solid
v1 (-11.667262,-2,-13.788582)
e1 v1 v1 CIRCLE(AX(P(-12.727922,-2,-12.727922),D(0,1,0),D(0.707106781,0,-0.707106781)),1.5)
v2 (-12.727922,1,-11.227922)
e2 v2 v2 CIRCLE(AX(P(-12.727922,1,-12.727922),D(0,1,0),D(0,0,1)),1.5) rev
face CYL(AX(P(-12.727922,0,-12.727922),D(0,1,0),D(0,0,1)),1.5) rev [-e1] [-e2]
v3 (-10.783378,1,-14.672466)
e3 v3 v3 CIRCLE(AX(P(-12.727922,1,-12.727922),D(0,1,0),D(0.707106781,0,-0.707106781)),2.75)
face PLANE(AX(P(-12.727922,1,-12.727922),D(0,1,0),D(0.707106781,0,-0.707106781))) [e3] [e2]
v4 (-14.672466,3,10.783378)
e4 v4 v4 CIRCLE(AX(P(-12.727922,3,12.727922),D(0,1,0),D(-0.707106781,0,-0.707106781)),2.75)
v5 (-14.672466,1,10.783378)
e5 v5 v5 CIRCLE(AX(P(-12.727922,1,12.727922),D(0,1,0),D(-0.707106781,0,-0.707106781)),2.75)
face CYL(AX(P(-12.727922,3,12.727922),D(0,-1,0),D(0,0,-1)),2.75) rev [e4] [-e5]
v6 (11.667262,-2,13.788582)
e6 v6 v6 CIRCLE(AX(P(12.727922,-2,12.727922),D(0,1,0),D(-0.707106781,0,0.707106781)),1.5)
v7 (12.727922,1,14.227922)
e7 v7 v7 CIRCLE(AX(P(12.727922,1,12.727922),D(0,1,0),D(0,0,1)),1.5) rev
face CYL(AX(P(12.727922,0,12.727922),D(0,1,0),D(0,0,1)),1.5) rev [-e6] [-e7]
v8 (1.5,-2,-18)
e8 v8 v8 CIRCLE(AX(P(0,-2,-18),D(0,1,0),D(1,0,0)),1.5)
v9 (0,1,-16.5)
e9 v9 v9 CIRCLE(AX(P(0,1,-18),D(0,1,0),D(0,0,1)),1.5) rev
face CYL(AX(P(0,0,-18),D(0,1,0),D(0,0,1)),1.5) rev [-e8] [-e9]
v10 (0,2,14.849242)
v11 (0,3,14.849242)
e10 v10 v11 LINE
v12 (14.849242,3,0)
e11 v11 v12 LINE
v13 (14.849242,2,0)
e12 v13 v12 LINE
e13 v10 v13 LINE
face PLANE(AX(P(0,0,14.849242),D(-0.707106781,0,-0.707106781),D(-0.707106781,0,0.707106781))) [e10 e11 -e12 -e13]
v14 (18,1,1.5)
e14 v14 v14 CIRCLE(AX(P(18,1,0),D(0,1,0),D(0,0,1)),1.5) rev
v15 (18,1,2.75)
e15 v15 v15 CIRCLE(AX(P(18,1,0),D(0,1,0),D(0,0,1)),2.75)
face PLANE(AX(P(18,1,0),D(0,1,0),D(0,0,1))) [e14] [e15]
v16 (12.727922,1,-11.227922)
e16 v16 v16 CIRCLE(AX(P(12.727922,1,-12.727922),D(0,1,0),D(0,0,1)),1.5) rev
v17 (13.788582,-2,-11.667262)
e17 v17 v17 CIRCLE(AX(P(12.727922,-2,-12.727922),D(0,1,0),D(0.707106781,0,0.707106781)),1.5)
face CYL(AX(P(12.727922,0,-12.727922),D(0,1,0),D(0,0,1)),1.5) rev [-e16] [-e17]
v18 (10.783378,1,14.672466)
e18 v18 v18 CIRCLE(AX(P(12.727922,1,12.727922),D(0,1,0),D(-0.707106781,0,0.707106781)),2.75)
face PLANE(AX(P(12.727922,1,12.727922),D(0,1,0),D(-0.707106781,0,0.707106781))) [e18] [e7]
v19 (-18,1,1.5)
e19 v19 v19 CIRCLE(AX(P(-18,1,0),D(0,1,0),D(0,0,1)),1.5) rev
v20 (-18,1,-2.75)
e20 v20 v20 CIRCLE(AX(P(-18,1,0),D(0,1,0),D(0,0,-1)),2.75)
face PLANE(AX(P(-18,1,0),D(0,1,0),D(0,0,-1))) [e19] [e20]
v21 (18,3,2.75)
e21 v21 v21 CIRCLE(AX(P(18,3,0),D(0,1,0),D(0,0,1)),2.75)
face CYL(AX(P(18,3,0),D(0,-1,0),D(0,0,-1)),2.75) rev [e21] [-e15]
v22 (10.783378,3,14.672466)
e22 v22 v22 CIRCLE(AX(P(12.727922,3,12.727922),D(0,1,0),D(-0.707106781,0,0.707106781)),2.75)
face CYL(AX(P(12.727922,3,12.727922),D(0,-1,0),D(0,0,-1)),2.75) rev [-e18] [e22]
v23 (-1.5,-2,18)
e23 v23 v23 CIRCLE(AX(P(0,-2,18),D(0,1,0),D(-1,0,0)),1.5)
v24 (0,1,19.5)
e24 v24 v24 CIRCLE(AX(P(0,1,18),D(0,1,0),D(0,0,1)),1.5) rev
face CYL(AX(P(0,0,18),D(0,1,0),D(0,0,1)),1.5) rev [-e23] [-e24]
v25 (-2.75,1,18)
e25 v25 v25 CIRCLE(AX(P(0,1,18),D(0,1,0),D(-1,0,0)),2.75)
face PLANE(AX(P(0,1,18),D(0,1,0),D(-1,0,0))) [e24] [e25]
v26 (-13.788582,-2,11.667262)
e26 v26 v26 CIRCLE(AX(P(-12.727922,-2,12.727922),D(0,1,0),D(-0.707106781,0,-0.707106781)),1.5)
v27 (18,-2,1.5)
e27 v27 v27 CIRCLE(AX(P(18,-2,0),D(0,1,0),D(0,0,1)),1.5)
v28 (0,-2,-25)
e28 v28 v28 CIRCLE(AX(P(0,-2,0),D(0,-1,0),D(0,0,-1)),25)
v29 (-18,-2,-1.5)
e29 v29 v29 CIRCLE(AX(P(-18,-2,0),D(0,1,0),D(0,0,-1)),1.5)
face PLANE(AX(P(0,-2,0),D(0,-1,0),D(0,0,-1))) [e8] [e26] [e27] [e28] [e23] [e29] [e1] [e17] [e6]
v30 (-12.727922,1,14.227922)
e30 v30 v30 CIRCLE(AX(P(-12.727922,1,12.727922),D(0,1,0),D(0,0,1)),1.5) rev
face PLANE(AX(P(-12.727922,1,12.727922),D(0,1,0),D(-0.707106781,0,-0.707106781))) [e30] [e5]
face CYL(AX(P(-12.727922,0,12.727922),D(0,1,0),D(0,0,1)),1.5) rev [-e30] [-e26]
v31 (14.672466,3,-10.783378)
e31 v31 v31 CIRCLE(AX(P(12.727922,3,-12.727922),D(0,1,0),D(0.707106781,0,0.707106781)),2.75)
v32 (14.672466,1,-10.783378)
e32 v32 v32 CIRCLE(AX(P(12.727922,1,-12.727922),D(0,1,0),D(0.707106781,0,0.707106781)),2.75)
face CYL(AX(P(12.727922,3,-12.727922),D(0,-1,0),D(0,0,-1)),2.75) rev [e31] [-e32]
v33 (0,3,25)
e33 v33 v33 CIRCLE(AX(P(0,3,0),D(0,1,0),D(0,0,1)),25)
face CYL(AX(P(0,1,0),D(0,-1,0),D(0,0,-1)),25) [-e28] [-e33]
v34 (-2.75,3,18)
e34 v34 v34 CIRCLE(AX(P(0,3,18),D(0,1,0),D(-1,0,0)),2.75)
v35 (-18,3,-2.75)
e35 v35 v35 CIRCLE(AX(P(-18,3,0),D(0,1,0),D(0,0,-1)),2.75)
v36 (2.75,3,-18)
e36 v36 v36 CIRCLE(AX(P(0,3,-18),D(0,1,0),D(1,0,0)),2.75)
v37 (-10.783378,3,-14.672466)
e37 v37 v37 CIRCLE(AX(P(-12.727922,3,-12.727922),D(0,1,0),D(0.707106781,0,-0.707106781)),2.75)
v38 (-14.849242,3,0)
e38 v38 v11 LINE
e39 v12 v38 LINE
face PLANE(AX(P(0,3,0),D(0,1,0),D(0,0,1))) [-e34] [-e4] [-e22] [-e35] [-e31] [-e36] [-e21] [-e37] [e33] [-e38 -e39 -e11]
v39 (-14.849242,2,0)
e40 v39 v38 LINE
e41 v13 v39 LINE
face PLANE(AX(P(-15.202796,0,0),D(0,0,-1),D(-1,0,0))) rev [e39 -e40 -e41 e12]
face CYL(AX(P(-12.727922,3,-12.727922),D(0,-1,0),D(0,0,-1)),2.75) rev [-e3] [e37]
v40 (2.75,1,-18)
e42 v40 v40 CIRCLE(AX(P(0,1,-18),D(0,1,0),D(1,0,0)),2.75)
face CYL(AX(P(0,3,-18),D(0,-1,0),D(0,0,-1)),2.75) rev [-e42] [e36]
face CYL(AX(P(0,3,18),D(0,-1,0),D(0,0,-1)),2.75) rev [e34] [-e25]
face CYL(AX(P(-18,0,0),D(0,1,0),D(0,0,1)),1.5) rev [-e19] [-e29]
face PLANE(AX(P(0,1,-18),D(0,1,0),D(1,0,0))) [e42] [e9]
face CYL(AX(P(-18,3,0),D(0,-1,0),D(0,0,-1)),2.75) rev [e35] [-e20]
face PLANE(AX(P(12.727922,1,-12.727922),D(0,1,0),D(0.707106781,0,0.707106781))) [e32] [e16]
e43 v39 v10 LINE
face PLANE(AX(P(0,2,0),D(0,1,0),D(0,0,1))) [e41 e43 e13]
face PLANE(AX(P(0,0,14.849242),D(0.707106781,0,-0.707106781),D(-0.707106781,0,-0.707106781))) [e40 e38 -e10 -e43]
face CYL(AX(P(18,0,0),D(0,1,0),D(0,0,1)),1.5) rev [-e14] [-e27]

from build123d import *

# Parameters (mm, degrees)
SKETCH_1_R               = 25
EXTRUDE_2_DEPTH          = 1
SKETCH_2_R               = 1.5
CUT_EXTRUDE_1_DEPTH      = 1
PATTERN_CIRCULAR_1_COUNT = 8
CUT_EXTRUDE_2_DEPTH      = 1
EXTRUDE_3_DEPTH          = 1
SKETCH_5_R               = 25
EXTRUDE_5_DEPTH          = 2
SKETCH_6_R               = 1.5
CUT_EXTRUDE_3_DEPTH      = 2
PATTERN_CIRCULAR_2_COUNT = 8
SKETCH_7_R               = 25
EXTRUDE_6_DEPTH          = 2
SKETCH_8_R               = 2.75
CUT_EXTRUDE_4_DEPTH      = 2
PATTERN_CIRCULAR_3_COUNT = 8
EXTRUDE_8_DEPTH          = 2


with BuildPart() as part:
    # 草图1 → 凸台-拉伸2 (new body)
    with BuildSketch(Plane(origin=(0, 0, 0), x_dir=(1, 0, 0), z_dir=(0, 1, 0))):
        Circle(SKETCH_1_R)
    extrude(amount=EXTRUDE_2_DEPTH)

    # 草图2 → 切除-拉伸1 (cut)
    with BuildSketch(Plane(origin=(0, 1, 0), x_dir=(1, 0, 0), z_dir=(0, 1, 0))):
        with Locations((18, 0)):
            Circle(SKETCH_2_R)
    cut_extrude_1 = extrude(amount=-CUT_EXTRUDE_1_DEPTH, mode=Mode.SUBTRACT)

    # 阵列(圆周)1: 切除-拉伸1 ×8 about axis
    pattern_circular_1_axis = Axis((0, 0, 0), (0, 1, 0))
    for i in range(1, PATTERN_CIRCULAR_1_COUNT):
        add(cut_extrude_1.rotate(pattern_circular_1_axis, i * 360 / PATTERN_CIRCULAR_1_COUNT), mode=Mode.SUBTRACT)

    # 草图3 → 切除-拉伸2 (cut)
    with BuildSketch(Plane(origin=(0, 1, 0), x_dir=(1, 0, 0), z_dir=(0, 1, 0))):
        Polygon((-15.202795796, 0), (15.202795796, 0), (0, -15.202795796), align=None)
    extrude(amount=-CUT_EXTRUDE_2_DEPTH, mode=Mode.SUBTRACT)

    # 草图4 → 凸台-拉伸3 (add)
    with BuildSketch(Plane(origin=(0, 1, 0), x_dir=(1, 0, 0), z_dir=(0, 1, 0))):
        Polygon((0, -14.849242405), (14.849242405, 0), (15.202795796, 0), (0, -15.202795796), (-15.202795796, 0), (-14.849242405, 0), align=None)
    extrude(amount=-EXTRUDE_3_DEPTH)

    # 草图5 → 凸台-拉伸5 (add)
    with BuildSketch(Plane.XZ):
        Circle(SKETCH_5_R)
    extrude(amount=EXTRUDE_5_DEPTH)

    # 草图6 → 切除-拉伸3 (cut)
    with BuildSketch(Plane(origin=(0, 0, 0), x_dir=(1, 0, 0), z_dir=(0, 1, 0))):
        with Locations((18, 0)):
            Circle(SKETCH_6_R)
    cut_extrude_3 = extrude(amount=-CUT_EXTRUDE_3_DEPTH, mode=Mode.SUBTRACT)

    # 阵列(圆周)2: 切除-拉伸3 ×8 about axis
    pattern_circular_2_axis = Axis((0, 1, 0), (0, -1, 0))
    for i in range(1, PATTERN_CIRCULAR_2_COUNT):
        add(cut_extrude_3.rotate(pattern_circular_2_axis, i * 360 / PATTERN_CIRCULAR_2_COUNT), mode=Mode.SUBTRACT)

    # 草图7 → 凸台-拉伸6 (add)
    with BuildSketch(Plane(origin=(0, 1, 0), x_dir=(1, 0, 0), z_dir=(0, 1, 0))):
        Circle(SKETCH_7_R)
        Polygon((-14.849242405, 0), (14.849242405, 0), (0, -14.849242405), align=None, mode=Mode.SUBTRACT)
    extrude(amount=EXTRUDE_6_DEPTH)

    # 草图8 → 切除-拉伸4 (cut)
    with BuildSketch(Plane(origin=(0, 1, 0), x_dir=(1, 0, 0), z_dir=(0, 1, 0))):
        with Locations((18, 0)):
            Circle(SKETCH_8_R)
    cut_extrude_4 = extrude(amount=CUT_EXTRUDE_4_DEPTH, mode=Mode.SUBTRACT)

    # 阵列(圆周)3: 切除-拉伸4 ×8 about axis
    pattern_circular_3_axis = Axis((0, 0, 0), (0, 1, 0))
    for i in range(1, PATTERN_CIRCULAR_3_COUNT):
        add(cut_extrude_4.rotate(pattern_circular_3_axis, i * 360 / PATTERN_CIRCULAR_3_COUNT), mode=Mode.SUBTRACT)

    # 草图9 → 凸台-拉伸8 (add)
    with BuildSketch(Plane(origin=(0, 0, 0), x_dir=(1, 0, 0), z_dir=(0, 1, 0))):
        Polygon((-14.849242405, 0), (14.849242405, 0), (0, -14.849242405), align=None)
    extrude(amount=EXTRUDE_8_DEPTH)


solid = part.part
